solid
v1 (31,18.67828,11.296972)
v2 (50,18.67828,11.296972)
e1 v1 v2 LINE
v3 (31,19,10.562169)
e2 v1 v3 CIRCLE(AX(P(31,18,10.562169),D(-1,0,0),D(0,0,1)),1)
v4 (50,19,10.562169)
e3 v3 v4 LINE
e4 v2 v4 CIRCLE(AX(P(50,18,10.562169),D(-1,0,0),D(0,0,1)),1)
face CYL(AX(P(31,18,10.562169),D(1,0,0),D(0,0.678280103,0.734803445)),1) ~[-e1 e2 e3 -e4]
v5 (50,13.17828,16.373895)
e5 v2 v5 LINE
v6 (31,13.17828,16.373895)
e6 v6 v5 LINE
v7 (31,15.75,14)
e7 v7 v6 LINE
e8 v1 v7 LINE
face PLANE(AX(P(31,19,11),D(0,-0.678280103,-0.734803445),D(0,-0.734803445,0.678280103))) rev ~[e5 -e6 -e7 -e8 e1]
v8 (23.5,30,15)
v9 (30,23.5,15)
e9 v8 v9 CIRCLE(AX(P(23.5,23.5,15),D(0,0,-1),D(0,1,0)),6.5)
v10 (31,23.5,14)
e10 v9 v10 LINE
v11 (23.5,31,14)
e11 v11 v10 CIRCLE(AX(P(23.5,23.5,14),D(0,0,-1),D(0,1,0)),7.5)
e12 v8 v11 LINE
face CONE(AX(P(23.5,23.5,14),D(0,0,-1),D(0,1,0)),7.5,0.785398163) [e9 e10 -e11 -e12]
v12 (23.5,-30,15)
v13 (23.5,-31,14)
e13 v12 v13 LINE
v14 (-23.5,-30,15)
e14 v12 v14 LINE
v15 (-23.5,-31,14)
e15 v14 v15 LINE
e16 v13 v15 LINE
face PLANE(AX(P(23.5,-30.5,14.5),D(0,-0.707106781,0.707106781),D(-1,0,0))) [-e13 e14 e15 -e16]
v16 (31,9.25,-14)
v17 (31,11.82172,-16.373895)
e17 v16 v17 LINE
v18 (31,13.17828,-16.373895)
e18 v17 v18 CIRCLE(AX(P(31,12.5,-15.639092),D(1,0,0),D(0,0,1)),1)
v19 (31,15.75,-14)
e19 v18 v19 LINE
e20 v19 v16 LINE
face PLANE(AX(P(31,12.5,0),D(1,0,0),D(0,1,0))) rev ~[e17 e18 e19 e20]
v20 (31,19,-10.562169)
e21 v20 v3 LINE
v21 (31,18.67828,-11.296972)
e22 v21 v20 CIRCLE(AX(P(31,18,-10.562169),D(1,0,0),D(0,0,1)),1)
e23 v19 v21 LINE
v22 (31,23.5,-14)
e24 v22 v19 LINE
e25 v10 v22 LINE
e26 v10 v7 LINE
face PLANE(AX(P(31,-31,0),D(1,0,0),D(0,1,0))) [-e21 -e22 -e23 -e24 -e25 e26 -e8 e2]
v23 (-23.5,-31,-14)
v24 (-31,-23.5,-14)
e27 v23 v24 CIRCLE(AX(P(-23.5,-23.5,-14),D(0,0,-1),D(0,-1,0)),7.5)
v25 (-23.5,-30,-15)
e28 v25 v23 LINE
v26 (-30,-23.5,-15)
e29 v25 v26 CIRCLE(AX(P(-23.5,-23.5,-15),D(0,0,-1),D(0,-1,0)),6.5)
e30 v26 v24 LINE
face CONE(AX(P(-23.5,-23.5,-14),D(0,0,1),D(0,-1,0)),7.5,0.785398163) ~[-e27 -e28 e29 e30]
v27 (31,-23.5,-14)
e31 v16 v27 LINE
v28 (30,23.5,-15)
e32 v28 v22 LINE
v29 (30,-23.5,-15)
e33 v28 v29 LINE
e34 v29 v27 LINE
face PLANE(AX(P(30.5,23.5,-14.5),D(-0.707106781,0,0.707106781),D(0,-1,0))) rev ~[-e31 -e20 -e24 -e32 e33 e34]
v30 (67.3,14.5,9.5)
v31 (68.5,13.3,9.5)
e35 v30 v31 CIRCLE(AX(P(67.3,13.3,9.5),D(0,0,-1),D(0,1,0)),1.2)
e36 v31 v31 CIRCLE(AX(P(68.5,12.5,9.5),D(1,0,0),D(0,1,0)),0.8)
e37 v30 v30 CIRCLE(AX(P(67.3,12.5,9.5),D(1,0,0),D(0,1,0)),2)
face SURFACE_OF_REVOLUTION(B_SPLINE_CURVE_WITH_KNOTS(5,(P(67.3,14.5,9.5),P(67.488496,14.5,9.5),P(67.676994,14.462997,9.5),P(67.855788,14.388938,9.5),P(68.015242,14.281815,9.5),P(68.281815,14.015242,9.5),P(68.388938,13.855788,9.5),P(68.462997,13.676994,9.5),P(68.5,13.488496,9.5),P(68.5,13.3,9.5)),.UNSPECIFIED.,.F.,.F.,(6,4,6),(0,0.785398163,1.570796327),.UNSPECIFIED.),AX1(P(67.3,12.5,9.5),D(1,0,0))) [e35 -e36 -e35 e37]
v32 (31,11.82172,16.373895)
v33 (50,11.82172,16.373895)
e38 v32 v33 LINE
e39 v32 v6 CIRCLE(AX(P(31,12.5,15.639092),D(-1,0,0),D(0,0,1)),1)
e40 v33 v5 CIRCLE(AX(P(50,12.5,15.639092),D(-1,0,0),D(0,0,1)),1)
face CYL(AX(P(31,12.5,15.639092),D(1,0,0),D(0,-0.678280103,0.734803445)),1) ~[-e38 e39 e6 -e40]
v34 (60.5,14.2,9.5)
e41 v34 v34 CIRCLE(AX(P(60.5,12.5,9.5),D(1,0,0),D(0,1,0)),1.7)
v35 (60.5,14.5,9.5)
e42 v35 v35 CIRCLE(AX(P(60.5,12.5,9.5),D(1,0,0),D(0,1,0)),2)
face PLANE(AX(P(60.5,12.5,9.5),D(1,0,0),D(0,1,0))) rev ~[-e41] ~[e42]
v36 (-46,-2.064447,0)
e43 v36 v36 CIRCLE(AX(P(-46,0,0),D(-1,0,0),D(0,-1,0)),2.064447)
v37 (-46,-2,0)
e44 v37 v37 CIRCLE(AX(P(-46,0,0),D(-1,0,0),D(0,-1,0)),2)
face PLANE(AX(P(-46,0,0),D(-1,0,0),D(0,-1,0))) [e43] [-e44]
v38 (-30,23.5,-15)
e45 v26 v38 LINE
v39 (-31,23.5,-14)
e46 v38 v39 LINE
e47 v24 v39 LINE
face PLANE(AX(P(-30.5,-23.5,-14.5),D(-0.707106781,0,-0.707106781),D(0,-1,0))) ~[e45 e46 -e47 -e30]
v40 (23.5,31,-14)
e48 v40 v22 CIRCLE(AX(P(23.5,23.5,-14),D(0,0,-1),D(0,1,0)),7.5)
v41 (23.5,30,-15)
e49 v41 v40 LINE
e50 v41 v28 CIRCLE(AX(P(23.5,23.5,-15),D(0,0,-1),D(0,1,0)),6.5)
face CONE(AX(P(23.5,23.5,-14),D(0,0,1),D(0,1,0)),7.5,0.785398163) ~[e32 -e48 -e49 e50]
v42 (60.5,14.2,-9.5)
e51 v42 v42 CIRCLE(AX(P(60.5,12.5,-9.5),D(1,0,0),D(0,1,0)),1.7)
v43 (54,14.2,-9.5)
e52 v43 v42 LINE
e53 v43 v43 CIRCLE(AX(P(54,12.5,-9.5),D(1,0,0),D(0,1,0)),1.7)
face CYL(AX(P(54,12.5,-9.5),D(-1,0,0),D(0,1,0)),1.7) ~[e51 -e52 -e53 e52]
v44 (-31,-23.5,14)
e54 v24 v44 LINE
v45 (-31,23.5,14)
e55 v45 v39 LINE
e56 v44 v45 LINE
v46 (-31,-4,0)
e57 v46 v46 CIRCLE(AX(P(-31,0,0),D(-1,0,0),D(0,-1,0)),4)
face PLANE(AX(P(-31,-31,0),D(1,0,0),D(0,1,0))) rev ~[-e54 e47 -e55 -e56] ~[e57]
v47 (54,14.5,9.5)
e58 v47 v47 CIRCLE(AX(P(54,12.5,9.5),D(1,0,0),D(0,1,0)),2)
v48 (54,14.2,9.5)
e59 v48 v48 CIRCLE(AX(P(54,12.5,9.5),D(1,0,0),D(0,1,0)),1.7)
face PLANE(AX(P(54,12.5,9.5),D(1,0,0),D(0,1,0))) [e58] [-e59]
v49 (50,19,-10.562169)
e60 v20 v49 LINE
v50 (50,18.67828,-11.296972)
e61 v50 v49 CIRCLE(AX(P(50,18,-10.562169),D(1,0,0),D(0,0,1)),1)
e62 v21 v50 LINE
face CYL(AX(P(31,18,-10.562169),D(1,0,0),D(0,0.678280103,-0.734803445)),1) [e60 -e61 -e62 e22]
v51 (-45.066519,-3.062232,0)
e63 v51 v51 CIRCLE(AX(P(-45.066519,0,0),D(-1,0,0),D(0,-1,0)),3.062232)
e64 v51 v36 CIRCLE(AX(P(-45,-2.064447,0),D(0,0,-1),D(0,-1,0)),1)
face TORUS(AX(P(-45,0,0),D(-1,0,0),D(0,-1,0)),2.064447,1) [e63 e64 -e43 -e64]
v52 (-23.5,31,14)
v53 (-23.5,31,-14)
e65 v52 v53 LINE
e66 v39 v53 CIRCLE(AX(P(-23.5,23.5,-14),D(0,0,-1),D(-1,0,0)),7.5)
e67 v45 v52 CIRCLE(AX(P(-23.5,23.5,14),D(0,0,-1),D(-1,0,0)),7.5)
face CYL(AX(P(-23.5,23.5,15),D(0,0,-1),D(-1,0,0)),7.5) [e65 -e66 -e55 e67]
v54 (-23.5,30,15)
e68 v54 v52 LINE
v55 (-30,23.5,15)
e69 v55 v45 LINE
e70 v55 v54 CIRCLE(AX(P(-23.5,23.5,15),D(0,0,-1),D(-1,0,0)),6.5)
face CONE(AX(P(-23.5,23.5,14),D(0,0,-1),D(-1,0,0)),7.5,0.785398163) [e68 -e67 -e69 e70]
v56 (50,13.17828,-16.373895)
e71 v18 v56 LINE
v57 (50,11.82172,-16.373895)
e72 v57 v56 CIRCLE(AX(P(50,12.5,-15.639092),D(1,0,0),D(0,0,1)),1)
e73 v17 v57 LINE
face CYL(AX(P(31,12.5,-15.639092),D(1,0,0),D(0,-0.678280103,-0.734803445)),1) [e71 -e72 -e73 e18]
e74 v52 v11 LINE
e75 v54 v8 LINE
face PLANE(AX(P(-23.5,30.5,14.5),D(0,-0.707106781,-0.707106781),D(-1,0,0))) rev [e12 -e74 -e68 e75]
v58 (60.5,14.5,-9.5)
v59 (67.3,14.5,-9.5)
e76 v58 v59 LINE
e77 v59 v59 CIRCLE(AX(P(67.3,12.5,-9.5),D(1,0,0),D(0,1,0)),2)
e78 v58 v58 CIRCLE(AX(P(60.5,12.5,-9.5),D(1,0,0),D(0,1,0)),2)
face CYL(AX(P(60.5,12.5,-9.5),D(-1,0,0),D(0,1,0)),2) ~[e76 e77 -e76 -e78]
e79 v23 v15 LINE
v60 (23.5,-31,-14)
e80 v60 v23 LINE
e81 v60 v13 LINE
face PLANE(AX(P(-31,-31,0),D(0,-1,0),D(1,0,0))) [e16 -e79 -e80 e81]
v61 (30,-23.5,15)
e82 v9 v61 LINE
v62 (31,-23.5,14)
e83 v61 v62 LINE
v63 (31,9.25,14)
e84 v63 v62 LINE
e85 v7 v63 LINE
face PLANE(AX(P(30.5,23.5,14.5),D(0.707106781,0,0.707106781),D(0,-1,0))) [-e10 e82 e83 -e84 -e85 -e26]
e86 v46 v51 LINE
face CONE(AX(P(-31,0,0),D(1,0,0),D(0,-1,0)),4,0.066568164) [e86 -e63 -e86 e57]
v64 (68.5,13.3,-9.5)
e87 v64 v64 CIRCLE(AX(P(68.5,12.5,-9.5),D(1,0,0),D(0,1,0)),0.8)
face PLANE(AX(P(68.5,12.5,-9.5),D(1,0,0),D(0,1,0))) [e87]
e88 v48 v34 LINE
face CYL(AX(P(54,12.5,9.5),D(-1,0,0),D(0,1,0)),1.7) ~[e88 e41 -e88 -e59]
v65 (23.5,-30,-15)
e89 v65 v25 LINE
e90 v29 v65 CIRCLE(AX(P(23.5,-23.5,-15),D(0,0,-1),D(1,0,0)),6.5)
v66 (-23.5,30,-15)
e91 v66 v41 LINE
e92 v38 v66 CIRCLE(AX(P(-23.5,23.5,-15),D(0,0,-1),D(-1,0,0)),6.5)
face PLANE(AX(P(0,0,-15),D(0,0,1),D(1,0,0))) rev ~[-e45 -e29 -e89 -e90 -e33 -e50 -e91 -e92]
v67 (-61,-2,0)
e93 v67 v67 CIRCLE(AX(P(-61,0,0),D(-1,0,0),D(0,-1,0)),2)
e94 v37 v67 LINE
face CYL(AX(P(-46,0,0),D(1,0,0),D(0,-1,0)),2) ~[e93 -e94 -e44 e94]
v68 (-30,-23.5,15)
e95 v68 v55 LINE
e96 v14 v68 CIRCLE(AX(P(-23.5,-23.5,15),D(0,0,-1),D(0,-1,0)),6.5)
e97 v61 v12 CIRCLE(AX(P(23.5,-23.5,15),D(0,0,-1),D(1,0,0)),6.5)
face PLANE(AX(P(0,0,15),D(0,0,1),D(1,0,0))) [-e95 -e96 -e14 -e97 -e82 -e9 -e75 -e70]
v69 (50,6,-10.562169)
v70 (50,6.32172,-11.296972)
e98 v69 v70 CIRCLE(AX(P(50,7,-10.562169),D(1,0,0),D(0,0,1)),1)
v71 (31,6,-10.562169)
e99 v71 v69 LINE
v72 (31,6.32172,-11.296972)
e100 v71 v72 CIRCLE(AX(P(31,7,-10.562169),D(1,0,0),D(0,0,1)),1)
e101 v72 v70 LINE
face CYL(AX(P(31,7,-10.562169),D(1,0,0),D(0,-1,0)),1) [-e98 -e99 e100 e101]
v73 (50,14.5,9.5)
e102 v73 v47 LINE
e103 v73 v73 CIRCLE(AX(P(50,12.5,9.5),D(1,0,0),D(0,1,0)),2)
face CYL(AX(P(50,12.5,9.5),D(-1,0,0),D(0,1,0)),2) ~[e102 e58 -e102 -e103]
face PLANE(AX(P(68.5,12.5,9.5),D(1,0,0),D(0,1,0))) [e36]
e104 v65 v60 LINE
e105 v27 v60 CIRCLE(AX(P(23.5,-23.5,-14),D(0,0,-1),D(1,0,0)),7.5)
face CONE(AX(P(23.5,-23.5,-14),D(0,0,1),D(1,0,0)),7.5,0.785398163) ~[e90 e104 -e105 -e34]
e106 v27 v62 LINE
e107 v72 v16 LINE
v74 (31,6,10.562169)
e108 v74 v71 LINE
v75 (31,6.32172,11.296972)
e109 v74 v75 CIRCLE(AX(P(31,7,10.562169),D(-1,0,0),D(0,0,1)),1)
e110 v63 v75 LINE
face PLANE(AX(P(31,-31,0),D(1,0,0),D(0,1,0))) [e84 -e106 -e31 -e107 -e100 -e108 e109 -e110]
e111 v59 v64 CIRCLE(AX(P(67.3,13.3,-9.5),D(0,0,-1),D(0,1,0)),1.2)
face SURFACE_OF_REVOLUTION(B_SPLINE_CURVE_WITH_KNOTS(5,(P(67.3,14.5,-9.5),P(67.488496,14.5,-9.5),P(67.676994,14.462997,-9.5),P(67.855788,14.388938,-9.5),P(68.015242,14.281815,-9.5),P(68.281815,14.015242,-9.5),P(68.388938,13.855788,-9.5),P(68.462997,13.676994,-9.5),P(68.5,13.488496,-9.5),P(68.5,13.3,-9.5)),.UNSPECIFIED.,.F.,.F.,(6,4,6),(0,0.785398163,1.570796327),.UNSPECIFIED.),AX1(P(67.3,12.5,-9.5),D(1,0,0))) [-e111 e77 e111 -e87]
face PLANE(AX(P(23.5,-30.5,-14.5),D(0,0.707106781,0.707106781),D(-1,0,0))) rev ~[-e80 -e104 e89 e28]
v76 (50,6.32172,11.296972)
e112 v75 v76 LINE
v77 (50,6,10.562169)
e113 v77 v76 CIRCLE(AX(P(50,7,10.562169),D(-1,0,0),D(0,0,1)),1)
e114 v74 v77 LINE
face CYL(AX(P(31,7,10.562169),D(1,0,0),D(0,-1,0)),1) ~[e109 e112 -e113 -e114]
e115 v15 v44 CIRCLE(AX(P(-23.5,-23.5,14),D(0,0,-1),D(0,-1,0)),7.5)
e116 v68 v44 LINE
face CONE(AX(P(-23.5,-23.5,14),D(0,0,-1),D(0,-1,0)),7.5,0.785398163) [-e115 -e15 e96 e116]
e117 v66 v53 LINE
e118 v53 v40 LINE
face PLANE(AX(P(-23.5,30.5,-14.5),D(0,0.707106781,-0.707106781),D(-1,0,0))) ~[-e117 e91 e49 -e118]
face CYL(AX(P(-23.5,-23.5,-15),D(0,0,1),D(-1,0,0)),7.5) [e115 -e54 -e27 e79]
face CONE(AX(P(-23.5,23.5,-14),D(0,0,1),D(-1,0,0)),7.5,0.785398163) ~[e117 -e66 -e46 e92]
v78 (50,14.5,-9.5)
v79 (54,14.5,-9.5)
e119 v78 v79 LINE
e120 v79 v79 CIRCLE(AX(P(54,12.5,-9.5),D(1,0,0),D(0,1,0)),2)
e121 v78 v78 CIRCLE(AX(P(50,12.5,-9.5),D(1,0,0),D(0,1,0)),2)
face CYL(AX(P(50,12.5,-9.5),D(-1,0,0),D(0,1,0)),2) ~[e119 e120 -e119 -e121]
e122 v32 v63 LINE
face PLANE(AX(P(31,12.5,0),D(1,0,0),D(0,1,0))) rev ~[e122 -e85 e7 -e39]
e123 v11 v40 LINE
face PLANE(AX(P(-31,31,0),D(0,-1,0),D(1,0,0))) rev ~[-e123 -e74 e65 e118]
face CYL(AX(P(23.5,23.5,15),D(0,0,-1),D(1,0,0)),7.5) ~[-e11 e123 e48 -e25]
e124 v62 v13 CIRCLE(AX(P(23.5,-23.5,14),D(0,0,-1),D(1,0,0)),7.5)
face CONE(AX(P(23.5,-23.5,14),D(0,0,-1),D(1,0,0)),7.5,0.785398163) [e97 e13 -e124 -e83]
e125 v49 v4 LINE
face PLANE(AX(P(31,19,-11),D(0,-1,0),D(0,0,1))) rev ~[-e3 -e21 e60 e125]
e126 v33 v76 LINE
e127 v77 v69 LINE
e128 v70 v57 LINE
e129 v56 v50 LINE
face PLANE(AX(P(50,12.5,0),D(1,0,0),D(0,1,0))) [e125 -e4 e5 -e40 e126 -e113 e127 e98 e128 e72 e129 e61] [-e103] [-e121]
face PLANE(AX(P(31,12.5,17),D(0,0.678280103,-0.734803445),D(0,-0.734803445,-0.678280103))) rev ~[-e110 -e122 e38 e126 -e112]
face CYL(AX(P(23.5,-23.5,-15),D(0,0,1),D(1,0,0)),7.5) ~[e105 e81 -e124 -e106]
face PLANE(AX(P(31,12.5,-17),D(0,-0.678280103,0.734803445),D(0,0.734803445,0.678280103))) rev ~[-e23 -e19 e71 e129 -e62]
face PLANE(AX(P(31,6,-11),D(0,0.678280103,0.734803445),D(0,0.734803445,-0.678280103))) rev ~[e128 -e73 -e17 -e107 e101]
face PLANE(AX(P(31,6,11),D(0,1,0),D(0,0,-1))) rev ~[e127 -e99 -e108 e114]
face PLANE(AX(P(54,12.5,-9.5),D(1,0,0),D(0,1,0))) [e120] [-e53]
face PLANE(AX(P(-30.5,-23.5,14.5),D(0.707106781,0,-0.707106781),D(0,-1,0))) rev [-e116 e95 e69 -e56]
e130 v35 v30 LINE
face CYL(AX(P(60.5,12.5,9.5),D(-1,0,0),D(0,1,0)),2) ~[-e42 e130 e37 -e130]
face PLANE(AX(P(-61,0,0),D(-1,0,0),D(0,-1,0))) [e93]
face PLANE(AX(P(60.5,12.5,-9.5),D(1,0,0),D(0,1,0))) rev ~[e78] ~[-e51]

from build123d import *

# Parameters (mm, degrees)
SKETCH_W     = 62
SKETCH_H     = 62
PAD_DEPTH    = 15
FILLET_R     = 7.5
CHAMFER_SIZE = 1
PAD001_DEPTH = 19
FILLET001_R  = 1
SKETCH002_R  = 2
PAD002_DEPTH = 4
SKETCH003_R  = 1.7
PAD003_DEPTH = 6.5
SKETCH004_R  = 2
PAD004_DEPTH = 8
FILLET002_R  = 1.2
FILLET003_R  = 1.2
FILLET004_R  = 1
SKETCH005_R  = 2
PAD005_DEPTH = 15


with BuildPart() as part:
    # Sketch → Pad (new body, symmetric)
    with BuildSketch(Plane.XY):
        Rectangle(SKETCH_W, SKETCH_H)
    extrude(amount=PAD_DEPTH, both=True)

    # Fillet
    fillet_edges = [part.edges().sort_by_distance(p)[0] for p in [
        (31, -31, 0),
        (-31, -31, 0),
        (31, 31, 0),
        (-31, 31, 0),
    ]]
    fillet(fillet_edges, radius=FILLET_R)

    # Chamfer
    chamfer_edges = [part.edges().sort_by_distance(p)[0] for p in [
        (0, 31, 15),
        (-28.803301, 28.803301, 15),
        (-31, 0, 15),
        (31, 0, 15),
        (28.803301, 28.803301, 15),
        (-28.803301, -28.803301, 15),
        (0, -31, 15),
        (28.803301, -28.803301, 15),
        (28.803301, -28.803301, -15),
        (0, -31, -15),
        (-28.803301, -28.803301, -15),
        (-31, 0, -15),
        (31, 0, -15),
        (28.803301, 28.803301, -15),
        (0, 31, -15),
        (-28.803301, 28.803301, -15),
    ]]
    chamfer(chamfer_edges, length=CHAMFER_SIZE)

    # Sketch001 (on Face13 of Chamfer) → Pad001 (join)
    with BuildSketch(Plane.YZ.offset(31)):
        Polygon((6, 11), (6, -11), (12.5, -17), (19, -11), (19, 11), (12.5, 17), align=None)
    extrude(amount=PAD001_DEPTH)

    # Fillet001
    fillet001_edges = [part.edges().sort_by_distance(p)[0] for p in [
        (40.5, 19, 11),
        (40.5, 6, 11),
        (40.5, 12.5, 17),
        (40.5, 6, -11),
        (40.5, 12.5, -17),
        (40.5, 19, -11),
    ]]
    fillet(fillet001_edges, radius=FILLET001_R)

    # Sketch002 (on Face12 of Fillet001) → Pad002 (join)
    with BuildSketch(Plane.YZ.offset(50)):
        with Locations((12.5, 9.5)):
            Circle(SKETCH002_R)
        with Locations((12.5, -9.5)):
            Circle(SKETCH002_R)
    extrude(amount=PAD002_DEPTH)

    # Sketch003 (on Face43 of Pad002) → Pad003 (join)
    with BuildSketch(Plane.YZ.offset(54)):
        with Locations((12.5, 9.5)):
            Circle(SKETCH003_R)
        with Locations((12.5, -9.5)):
            Circle(SKETCH003_R)
    extrude(amount=PAD003_DEPTH)

    # Sketch004 (on Face50 of Pad003) → Pad004 (join)
    with BuildSketch(Plane.YZ.offset(60.5)):
        with Locations((12.5, 9.5)):
            Circle(SKETCH004_R)
        with Locations((12.5, -9.5)):
            Circle(SKETCH004_R)
    extrude(amount=PAD004_DEPTH)

    # Fillet002
    fillet002_edges = [part.edges().sort_by_distance(p)[0] for p in [
        (68.5, 10.5, 9.5),
    ]]
    fillet(fillet002_edges, radius=FILLET002_R)

    # Fillet003
    fillet003_edges = [part.edges().sort_by_distance(p)[0] for p in [
        (68.5, 10.5, -9.5),
    ]]
    fillet(fillet003_edges, radius=FILLET003_R)

    # Cone → Cone (revolve)
    with BuildSketch(Plane(origin=(-31, 0, 0), x_dir=(0, -1, 0), z_dir=(0, 0, -1))):
        Polygon((0, 0), (4, 0), (3, 15), (0, 15), align=None)
    revolve(axis=Axis((-31, 0, 0), (-1, 0, 0)))

    # Fillet004
    fillet004_edges = [part.edges().sort_by_distance(p)[0] for p in [
        (-46, 3, 0),
    ]]
    fillet(fillet004_edges, radius=FILLET004_R)

    # Sketch005 (on Face4 of Fillet004) → Pad005 (join)
    with BuildSketch(Plane(origin=(-46, 0, 0), x_dir=(0, -1, 0), z_dir=(-1, 0, 0))):
        Circle(SKETCH005_R)
    extrude(amount=PAD005_DEPTH)


solid = part.part
